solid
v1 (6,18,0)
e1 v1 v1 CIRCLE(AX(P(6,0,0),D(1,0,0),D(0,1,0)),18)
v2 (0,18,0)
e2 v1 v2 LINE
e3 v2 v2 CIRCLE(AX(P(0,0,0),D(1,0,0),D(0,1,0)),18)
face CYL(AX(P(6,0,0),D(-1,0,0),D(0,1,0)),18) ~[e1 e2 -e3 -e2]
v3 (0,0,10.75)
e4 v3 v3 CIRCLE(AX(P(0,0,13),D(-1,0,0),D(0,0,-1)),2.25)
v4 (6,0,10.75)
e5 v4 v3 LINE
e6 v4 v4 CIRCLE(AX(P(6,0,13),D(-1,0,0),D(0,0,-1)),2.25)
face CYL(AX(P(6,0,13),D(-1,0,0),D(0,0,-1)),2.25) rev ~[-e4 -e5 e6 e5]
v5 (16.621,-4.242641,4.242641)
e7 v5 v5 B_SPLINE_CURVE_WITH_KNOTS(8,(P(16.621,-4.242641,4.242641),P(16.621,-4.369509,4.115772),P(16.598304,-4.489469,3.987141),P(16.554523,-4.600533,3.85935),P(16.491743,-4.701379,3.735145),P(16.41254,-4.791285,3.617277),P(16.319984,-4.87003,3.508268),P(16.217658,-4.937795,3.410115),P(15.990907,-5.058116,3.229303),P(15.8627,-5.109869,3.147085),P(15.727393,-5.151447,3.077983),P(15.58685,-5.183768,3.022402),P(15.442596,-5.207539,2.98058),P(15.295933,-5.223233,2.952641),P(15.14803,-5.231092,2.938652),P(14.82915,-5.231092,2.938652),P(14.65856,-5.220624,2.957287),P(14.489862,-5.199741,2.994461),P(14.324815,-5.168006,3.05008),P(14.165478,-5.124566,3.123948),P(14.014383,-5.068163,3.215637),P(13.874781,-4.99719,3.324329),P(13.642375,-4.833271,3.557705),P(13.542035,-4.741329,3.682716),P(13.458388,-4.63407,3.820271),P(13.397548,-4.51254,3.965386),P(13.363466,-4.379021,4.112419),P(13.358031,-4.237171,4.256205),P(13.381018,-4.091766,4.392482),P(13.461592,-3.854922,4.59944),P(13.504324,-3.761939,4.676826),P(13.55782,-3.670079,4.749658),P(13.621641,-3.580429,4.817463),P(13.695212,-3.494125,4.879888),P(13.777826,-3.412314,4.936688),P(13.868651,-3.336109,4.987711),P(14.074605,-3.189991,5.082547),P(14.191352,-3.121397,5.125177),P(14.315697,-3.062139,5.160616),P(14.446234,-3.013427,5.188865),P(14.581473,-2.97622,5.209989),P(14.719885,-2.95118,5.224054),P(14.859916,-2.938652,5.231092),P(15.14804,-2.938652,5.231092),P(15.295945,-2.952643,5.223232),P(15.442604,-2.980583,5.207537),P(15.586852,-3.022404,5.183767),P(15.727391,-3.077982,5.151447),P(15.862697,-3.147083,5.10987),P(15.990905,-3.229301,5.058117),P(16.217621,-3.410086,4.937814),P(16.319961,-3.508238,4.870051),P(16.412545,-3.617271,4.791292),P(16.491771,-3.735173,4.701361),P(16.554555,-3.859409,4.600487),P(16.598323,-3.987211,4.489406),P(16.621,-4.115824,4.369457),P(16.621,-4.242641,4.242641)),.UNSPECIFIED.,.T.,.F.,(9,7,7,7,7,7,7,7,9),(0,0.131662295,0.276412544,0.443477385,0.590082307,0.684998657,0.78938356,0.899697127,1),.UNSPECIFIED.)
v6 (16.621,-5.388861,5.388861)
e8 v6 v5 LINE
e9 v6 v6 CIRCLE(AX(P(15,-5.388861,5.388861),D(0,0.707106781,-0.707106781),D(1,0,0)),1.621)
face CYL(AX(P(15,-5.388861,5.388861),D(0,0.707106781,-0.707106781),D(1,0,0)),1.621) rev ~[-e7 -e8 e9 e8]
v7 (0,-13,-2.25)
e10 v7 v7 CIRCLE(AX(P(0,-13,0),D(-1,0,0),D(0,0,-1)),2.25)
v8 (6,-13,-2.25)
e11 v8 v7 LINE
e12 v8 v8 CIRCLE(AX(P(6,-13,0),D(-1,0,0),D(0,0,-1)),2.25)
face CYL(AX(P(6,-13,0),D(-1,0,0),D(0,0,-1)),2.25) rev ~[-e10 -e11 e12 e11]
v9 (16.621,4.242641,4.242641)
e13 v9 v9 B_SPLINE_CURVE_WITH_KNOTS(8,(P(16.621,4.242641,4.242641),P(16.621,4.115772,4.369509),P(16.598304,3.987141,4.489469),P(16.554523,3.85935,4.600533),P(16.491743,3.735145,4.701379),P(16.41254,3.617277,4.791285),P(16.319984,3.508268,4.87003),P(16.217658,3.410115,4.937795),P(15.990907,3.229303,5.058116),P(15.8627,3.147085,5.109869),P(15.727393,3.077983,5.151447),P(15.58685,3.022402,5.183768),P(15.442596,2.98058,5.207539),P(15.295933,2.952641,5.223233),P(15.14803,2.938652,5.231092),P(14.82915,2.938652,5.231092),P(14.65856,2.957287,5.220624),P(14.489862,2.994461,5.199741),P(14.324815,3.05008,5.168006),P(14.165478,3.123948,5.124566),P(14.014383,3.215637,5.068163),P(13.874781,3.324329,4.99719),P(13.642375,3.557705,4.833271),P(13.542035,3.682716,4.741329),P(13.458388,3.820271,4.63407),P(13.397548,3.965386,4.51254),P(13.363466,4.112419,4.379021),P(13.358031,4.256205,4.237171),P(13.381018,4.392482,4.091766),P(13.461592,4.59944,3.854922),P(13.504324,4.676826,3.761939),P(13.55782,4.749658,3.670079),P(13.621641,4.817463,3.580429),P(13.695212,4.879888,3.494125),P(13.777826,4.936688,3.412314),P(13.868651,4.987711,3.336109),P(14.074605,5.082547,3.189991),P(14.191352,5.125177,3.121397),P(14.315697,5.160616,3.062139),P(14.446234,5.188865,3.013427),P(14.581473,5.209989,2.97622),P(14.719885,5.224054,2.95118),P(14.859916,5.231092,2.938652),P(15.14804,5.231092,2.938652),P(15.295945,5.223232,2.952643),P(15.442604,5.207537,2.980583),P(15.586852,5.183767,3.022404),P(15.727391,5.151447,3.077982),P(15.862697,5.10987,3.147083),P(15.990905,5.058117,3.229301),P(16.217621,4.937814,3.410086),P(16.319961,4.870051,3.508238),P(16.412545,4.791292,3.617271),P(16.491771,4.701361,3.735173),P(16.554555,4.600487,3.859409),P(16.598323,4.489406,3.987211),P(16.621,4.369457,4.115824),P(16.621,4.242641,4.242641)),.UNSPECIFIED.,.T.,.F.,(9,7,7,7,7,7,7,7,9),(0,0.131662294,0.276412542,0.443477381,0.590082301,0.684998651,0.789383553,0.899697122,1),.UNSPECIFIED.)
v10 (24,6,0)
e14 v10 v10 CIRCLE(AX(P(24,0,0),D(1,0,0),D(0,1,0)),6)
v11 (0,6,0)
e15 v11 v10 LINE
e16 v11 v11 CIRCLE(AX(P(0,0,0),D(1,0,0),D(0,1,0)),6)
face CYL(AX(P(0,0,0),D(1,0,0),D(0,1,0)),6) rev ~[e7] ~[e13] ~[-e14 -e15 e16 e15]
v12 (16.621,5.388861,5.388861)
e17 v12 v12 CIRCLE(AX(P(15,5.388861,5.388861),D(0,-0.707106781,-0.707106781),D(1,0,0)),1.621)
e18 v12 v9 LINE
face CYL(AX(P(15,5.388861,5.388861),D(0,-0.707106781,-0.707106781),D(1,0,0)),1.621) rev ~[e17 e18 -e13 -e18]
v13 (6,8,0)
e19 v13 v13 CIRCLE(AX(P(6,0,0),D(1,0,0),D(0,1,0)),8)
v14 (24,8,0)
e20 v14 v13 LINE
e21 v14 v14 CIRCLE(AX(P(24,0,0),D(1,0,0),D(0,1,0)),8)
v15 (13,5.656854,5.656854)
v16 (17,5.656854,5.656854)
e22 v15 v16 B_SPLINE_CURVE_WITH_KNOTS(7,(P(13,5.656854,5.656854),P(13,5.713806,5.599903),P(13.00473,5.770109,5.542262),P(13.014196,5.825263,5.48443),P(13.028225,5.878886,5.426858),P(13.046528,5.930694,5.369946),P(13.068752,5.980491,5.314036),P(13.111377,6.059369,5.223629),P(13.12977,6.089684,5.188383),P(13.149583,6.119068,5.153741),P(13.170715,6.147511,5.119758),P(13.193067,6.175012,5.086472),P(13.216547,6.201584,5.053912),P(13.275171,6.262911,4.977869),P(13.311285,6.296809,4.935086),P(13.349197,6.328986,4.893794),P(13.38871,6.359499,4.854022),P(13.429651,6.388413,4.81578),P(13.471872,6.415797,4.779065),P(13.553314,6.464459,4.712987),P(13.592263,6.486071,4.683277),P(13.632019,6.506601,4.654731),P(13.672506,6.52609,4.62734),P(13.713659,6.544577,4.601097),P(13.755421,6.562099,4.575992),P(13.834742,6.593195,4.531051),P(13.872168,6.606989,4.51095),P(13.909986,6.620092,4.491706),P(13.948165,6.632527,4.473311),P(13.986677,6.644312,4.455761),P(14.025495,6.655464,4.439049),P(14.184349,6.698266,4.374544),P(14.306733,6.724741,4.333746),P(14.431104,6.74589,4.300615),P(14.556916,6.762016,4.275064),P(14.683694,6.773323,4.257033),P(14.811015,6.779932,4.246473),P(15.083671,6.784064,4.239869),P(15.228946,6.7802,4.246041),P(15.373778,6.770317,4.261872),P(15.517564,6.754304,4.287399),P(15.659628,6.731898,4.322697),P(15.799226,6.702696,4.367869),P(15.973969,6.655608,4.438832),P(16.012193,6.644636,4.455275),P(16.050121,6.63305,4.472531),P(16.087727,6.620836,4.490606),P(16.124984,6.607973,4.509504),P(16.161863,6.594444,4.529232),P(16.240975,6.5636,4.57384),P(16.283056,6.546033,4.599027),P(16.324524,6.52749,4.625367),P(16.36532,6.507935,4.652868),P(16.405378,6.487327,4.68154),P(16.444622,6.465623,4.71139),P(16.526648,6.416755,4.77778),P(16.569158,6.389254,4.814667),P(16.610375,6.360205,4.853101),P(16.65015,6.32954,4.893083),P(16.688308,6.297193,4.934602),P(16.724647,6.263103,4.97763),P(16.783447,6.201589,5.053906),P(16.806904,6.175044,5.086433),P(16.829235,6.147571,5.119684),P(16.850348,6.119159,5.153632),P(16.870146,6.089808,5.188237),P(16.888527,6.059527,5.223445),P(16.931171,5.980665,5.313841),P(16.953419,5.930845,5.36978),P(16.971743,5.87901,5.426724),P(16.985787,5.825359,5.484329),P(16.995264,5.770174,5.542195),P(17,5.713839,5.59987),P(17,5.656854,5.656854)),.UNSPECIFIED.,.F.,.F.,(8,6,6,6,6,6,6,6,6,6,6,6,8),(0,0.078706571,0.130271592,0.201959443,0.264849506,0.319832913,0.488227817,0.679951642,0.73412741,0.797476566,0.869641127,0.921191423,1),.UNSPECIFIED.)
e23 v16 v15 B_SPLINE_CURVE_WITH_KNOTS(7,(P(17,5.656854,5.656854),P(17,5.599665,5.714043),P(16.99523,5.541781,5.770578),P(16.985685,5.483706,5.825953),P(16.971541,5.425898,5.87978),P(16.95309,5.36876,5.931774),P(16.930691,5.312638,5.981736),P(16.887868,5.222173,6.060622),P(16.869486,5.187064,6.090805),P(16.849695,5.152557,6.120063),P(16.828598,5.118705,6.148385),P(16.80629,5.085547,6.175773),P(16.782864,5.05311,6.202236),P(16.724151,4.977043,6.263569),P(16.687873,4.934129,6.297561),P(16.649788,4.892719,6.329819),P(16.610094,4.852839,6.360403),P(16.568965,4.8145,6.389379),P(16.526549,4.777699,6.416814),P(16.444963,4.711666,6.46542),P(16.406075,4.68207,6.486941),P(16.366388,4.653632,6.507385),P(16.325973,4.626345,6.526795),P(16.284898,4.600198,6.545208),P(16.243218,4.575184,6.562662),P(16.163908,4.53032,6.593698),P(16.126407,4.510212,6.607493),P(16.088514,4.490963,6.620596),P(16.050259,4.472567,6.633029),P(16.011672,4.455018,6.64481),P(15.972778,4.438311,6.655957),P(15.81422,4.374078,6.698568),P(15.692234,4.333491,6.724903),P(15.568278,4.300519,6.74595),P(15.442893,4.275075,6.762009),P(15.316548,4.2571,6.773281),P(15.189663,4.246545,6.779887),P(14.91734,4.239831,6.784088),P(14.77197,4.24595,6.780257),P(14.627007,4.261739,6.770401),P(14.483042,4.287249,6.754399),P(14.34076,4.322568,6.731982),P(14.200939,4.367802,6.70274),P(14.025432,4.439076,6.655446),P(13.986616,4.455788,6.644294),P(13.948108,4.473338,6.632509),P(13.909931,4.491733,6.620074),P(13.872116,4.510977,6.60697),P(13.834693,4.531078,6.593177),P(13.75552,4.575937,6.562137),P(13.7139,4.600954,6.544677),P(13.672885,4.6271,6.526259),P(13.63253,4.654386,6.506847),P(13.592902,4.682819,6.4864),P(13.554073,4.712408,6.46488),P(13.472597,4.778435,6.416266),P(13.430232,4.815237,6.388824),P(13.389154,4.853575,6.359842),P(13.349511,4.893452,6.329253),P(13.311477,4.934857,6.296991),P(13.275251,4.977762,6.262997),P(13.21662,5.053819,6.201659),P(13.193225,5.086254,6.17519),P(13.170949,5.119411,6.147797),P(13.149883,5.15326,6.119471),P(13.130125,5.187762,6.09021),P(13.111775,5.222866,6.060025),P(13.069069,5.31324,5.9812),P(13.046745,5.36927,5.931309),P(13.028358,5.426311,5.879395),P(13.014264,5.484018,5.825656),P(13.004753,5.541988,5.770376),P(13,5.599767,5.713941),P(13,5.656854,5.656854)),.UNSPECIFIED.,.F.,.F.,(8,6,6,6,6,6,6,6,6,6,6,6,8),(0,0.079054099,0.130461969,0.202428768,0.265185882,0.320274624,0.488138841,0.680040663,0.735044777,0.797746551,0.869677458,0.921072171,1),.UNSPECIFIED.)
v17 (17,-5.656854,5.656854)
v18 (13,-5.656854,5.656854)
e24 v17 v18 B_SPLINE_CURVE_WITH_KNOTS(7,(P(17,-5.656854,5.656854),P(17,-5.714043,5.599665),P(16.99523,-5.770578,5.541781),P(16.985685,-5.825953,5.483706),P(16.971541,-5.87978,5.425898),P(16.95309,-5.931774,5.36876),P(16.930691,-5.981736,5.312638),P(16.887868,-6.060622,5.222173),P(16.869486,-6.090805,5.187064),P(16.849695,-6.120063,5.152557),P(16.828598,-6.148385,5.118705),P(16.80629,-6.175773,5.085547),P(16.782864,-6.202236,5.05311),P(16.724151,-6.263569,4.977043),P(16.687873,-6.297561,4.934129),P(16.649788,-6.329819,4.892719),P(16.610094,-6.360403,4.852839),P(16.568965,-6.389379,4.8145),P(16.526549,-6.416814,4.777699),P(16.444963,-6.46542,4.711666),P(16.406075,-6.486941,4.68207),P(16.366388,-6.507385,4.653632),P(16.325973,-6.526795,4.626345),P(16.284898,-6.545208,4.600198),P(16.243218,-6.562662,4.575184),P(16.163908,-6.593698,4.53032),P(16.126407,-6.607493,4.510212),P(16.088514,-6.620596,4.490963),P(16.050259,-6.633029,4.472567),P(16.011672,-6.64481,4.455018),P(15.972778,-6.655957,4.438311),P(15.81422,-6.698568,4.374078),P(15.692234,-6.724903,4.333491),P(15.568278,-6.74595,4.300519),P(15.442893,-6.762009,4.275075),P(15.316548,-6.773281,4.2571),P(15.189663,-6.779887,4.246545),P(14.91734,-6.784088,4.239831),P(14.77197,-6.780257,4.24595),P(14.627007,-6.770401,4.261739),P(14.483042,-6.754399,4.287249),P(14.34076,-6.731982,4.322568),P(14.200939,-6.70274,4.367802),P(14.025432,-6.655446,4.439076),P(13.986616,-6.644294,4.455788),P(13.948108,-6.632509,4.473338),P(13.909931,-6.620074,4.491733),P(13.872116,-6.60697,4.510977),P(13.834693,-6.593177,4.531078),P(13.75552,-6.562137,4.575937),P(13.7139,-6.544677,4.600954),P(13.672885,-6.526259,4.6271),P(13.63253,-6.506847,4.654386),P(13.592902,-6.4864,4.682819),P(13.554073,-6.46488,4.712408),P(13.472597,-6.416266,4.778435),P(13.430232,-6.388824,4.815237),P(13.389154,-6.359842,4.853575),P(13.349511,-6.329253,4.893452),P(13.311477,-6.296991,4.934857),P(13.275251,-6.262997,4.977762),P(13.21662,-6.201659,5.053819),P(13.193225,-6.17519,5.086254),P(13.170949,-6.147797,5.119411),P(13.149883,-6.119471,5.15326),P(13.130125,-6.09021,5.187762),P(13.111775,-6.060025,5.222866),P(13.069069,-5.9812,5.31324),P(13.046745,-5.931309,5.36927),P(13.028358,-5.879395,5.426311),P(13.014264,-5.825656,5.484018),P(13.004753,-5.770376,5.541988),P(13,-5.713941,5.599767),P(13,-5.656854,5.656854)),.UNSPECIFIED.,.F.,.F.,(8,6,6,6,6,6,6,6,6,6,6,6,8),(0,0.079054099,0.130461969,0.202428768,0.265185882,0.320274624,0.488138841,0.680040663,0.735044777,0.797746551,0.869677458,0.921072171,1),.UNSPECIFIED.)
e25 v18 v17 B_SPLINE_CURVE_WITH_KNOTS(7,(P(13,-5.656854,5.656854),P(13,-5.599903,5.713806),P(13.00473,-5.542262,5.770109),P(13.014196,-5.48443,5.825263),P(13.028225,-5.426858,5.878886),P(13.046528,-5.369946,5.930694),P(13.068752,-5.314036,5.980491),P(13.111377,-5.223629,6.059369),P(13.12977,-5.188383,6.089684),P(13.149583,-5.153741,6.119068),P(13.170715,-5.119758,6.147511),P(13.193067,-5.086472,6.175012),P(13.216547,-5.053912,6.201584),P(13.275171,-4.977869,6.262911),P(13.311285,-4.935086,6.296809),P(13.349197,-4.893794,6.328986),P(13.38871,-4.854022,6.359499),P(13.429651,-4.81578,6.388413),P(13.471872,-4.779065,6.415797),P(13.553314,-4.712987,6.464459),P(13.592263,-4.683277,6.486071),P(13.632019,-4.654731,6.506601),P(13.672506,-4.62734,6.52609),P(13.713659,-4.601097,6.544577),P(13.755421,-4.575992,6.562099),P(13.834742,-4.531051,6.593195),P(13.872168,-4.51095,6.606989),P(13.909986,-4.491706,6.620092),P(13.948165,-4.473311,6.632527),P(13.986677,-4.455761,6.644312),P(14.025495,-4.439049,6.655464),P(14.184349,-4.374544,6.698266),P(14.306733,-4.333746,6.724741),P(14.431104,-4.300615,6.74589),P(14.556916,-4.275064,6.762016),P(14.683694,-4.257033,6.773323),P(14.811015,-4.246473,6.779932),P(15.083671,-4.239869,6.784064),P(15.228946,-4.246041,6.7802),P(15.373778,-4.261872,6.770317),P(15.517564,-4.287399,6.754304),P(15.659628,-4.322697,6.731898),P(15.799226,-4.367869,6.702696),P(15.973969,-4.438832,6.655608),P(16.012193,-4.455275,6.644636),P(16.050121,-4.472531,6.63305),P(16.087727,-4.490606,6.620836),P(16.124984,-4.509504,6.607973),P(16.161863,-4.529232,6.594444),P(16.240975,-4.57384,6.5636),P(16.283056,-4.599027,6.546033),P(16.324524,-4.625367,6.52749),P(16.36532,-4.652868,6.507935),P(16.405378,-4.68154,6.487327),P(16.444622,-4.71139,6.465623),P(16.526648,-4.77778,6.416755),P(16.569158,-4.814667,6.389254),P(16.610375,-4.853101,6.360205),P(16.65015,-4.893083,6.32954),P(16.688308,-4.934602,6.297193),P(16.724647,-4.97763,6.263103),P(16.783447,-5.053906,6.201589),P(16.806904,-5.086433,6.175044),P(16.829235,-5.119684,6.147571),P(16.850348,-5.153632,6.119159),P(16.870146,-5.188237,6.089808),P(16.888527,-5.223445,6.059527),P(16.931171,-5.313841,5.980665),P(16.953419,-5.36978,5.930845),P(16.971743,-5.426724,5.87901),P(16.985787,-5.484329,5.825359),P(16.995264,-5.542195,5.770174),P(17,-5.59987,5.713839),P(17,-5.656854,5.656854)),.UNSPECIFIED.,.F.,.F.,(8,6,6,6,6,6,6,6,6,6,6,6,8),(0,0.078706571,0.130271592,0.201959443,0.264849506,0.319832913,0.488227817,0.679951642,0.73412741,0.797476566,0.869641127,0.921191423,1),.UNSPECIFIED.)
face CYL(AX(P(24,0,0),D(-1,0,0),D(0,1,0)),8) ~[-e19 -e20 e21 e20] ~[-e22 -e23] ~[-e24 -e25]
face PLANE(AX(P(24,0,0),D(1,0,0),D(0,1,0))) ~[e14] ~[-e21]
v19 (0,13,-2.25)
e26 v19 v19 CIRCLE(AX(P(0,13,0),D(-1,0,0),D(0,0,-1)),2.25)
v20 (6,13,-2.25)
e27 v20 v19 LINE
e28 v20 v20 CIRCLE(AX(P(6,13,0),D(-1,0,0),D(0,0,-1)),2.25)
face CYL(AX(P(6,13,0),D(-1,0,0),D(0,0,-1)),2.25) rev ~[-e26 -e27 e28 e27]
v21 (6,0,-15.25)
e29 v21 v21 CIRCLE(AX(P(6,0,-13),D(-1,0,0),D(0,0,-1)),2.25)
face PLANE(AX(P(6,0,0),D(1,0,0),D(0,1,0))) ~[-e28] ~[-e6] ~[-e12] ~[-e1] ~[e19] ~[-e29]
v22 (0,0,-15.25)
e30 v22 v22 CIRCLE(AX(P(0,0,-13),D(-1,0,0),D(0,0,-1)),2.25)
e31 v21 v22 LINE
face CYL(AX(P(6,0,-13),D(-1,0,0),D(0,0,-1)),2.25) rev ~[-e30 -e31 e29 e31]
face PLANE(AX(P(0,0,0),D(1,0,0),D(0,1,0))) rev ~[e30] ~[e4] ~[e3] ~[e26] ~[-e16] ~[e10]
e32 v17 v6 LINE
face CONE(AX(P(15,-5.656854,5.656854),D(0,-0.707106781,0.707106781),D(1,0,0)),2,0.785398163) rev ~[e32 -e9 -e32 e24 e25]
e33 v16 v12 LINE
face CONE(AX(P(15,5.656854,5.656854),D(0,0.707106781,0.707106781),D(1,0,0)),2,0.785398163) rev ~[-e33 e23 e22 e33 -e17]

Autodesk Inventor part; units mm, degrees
sketch "Sketch_1" plane through (0, 0, 0) normal (0, 0, 1) x (1, 0, 0)
  line L0 (24, 0) -> (0, 0)
  line L1 (0, 18) -> (0, 6)
  line L2 (0, 6) -> (24, 6)
  line L3 (24, 6) -> (24, 8)
  line L4 (24, 8) -> (6, 8)
  line L5 (6, 8) -> (6, 18)
  line L6 (6, 18) -> (0, 18)
revolve "Revolution1" add sketch "Sketch_1" angle 360 about axis through (24, 0, 0) along (1, 0, 0)
sketch "Sketch_3" plane through (0, 0, 0) normal (0, -0.7071, 0.7071) x (1, 0, 0)
  line L0 (15, 5.5) -> (15, 8)
  line L1 (15, 8) -> (17, 8)
  line L2 (17, 8) -> (16.621, 7.621)
  line L3 (16.621, 7.621) -> (16.621, 5.5)
  line L4 (16.621, 5.5) -> (15, 5.5)
  line L5 (15, 5.5) -> (15, 8)
revolve "Revolution2" cut sketch "Sketch_3" angle 360 about axis through (15, 3.8891, 3.8891) along (0, -0.7071, -0.7071)
thread "Thread1" size "M4x0.7" class "6H" standard "ISO Metric profile" length 2.121
sketch "Sketch3" plane through (6, 0, 0) normal (1, 0, 0) x (0, 0, -1)
  point P0 (0, 13)
hole "Hole1" at (6, 13, 0) direction (-1, 0, 0) diameter 4.5 depth 6
sketch "Sketch4" plane through (6, 0, 0) normal (1, 0, 0) x (0, 0, -1)
  point P0 (0, -13)
hole "Hole2" at (6, -13, 0) direction (-1, 0, 0) diameter 4.5 depth 6
sketch "Sketch5" plane through (6, 0, 0) normal (1, 0, 0) x (0, 0, -1)
  point P0 (-13, 0)
hole "Hole3" at (6, 0, 13) direction (-1, 0, 0) diameter 4.5 depth 6
sketch "Sketch6" plane through (6, 0, 0) normal (1, 0, 0) x (0, 0, -1)
  point P0 (13, 0)
hole "Hole4" at (6, 0, -13) direction (-1, 0, 0) diameter 4.5 depth 6
sketch "Sketch_2" plane through (0, 0, 0) normal (0, -0.7071, -0.7071) x (1, 0, 0)
  line L0 (15, 5.5) -> (15, 8)
  line L1 (15, 8) -> (17, 8)
  line L2 (17, 8) -> (16.621, 7.621)
  line L3 (16.621, 7.621) -> (16.621, 5.5)
  line L4 (16.621, 5.5) -> (15, 5.5)
  line L5 (15, 5.5) -> (15, 8)
revolve "Revolution3" cut sketch "Sketch_2" angle 360 about axis through (15, -3.8891, 3.8891) along (0, 0.7071, -0.7071)
thread "Thread2" size "M4x0.7" class "6H" standard "ISO Metric profile" length 2.121
ref_plane "to_screw1_XY" through (15, 4.2426, 4.2426) normal (0, 0.7071, 0.7071) x (1, 0, 0)
ref_plane "to_screw1_YZ" through (15, 4.2426, 4.2426) normal (1, 0, 0) x (0, 0.7071, -0.7071)
ref_plane "to_screw1_ZX" through (15, 4.2426, 4.2426) normal (0, 0.7071, -0.7071) x (0, 0.7071, 0.7071)
ref_plane "to_screw2_XY" through (15, -4.2426, 4.2426) normal (0, -0.7071, 0.7071) x (1, 0, 0)
ref_plane "to_screw2_YZ" through (15, -4.2426, 4.2426) normal (1, 0, 0) x (0, 0.7071, 0.7071)
ref_plane "to_screw2_ZX" through (15, -4.2426, 4.2426) normal (0, 0.7071, 0.7071) x (0, -0.7071, 0.7071)
properties part number "BTHR12-MB_b"
